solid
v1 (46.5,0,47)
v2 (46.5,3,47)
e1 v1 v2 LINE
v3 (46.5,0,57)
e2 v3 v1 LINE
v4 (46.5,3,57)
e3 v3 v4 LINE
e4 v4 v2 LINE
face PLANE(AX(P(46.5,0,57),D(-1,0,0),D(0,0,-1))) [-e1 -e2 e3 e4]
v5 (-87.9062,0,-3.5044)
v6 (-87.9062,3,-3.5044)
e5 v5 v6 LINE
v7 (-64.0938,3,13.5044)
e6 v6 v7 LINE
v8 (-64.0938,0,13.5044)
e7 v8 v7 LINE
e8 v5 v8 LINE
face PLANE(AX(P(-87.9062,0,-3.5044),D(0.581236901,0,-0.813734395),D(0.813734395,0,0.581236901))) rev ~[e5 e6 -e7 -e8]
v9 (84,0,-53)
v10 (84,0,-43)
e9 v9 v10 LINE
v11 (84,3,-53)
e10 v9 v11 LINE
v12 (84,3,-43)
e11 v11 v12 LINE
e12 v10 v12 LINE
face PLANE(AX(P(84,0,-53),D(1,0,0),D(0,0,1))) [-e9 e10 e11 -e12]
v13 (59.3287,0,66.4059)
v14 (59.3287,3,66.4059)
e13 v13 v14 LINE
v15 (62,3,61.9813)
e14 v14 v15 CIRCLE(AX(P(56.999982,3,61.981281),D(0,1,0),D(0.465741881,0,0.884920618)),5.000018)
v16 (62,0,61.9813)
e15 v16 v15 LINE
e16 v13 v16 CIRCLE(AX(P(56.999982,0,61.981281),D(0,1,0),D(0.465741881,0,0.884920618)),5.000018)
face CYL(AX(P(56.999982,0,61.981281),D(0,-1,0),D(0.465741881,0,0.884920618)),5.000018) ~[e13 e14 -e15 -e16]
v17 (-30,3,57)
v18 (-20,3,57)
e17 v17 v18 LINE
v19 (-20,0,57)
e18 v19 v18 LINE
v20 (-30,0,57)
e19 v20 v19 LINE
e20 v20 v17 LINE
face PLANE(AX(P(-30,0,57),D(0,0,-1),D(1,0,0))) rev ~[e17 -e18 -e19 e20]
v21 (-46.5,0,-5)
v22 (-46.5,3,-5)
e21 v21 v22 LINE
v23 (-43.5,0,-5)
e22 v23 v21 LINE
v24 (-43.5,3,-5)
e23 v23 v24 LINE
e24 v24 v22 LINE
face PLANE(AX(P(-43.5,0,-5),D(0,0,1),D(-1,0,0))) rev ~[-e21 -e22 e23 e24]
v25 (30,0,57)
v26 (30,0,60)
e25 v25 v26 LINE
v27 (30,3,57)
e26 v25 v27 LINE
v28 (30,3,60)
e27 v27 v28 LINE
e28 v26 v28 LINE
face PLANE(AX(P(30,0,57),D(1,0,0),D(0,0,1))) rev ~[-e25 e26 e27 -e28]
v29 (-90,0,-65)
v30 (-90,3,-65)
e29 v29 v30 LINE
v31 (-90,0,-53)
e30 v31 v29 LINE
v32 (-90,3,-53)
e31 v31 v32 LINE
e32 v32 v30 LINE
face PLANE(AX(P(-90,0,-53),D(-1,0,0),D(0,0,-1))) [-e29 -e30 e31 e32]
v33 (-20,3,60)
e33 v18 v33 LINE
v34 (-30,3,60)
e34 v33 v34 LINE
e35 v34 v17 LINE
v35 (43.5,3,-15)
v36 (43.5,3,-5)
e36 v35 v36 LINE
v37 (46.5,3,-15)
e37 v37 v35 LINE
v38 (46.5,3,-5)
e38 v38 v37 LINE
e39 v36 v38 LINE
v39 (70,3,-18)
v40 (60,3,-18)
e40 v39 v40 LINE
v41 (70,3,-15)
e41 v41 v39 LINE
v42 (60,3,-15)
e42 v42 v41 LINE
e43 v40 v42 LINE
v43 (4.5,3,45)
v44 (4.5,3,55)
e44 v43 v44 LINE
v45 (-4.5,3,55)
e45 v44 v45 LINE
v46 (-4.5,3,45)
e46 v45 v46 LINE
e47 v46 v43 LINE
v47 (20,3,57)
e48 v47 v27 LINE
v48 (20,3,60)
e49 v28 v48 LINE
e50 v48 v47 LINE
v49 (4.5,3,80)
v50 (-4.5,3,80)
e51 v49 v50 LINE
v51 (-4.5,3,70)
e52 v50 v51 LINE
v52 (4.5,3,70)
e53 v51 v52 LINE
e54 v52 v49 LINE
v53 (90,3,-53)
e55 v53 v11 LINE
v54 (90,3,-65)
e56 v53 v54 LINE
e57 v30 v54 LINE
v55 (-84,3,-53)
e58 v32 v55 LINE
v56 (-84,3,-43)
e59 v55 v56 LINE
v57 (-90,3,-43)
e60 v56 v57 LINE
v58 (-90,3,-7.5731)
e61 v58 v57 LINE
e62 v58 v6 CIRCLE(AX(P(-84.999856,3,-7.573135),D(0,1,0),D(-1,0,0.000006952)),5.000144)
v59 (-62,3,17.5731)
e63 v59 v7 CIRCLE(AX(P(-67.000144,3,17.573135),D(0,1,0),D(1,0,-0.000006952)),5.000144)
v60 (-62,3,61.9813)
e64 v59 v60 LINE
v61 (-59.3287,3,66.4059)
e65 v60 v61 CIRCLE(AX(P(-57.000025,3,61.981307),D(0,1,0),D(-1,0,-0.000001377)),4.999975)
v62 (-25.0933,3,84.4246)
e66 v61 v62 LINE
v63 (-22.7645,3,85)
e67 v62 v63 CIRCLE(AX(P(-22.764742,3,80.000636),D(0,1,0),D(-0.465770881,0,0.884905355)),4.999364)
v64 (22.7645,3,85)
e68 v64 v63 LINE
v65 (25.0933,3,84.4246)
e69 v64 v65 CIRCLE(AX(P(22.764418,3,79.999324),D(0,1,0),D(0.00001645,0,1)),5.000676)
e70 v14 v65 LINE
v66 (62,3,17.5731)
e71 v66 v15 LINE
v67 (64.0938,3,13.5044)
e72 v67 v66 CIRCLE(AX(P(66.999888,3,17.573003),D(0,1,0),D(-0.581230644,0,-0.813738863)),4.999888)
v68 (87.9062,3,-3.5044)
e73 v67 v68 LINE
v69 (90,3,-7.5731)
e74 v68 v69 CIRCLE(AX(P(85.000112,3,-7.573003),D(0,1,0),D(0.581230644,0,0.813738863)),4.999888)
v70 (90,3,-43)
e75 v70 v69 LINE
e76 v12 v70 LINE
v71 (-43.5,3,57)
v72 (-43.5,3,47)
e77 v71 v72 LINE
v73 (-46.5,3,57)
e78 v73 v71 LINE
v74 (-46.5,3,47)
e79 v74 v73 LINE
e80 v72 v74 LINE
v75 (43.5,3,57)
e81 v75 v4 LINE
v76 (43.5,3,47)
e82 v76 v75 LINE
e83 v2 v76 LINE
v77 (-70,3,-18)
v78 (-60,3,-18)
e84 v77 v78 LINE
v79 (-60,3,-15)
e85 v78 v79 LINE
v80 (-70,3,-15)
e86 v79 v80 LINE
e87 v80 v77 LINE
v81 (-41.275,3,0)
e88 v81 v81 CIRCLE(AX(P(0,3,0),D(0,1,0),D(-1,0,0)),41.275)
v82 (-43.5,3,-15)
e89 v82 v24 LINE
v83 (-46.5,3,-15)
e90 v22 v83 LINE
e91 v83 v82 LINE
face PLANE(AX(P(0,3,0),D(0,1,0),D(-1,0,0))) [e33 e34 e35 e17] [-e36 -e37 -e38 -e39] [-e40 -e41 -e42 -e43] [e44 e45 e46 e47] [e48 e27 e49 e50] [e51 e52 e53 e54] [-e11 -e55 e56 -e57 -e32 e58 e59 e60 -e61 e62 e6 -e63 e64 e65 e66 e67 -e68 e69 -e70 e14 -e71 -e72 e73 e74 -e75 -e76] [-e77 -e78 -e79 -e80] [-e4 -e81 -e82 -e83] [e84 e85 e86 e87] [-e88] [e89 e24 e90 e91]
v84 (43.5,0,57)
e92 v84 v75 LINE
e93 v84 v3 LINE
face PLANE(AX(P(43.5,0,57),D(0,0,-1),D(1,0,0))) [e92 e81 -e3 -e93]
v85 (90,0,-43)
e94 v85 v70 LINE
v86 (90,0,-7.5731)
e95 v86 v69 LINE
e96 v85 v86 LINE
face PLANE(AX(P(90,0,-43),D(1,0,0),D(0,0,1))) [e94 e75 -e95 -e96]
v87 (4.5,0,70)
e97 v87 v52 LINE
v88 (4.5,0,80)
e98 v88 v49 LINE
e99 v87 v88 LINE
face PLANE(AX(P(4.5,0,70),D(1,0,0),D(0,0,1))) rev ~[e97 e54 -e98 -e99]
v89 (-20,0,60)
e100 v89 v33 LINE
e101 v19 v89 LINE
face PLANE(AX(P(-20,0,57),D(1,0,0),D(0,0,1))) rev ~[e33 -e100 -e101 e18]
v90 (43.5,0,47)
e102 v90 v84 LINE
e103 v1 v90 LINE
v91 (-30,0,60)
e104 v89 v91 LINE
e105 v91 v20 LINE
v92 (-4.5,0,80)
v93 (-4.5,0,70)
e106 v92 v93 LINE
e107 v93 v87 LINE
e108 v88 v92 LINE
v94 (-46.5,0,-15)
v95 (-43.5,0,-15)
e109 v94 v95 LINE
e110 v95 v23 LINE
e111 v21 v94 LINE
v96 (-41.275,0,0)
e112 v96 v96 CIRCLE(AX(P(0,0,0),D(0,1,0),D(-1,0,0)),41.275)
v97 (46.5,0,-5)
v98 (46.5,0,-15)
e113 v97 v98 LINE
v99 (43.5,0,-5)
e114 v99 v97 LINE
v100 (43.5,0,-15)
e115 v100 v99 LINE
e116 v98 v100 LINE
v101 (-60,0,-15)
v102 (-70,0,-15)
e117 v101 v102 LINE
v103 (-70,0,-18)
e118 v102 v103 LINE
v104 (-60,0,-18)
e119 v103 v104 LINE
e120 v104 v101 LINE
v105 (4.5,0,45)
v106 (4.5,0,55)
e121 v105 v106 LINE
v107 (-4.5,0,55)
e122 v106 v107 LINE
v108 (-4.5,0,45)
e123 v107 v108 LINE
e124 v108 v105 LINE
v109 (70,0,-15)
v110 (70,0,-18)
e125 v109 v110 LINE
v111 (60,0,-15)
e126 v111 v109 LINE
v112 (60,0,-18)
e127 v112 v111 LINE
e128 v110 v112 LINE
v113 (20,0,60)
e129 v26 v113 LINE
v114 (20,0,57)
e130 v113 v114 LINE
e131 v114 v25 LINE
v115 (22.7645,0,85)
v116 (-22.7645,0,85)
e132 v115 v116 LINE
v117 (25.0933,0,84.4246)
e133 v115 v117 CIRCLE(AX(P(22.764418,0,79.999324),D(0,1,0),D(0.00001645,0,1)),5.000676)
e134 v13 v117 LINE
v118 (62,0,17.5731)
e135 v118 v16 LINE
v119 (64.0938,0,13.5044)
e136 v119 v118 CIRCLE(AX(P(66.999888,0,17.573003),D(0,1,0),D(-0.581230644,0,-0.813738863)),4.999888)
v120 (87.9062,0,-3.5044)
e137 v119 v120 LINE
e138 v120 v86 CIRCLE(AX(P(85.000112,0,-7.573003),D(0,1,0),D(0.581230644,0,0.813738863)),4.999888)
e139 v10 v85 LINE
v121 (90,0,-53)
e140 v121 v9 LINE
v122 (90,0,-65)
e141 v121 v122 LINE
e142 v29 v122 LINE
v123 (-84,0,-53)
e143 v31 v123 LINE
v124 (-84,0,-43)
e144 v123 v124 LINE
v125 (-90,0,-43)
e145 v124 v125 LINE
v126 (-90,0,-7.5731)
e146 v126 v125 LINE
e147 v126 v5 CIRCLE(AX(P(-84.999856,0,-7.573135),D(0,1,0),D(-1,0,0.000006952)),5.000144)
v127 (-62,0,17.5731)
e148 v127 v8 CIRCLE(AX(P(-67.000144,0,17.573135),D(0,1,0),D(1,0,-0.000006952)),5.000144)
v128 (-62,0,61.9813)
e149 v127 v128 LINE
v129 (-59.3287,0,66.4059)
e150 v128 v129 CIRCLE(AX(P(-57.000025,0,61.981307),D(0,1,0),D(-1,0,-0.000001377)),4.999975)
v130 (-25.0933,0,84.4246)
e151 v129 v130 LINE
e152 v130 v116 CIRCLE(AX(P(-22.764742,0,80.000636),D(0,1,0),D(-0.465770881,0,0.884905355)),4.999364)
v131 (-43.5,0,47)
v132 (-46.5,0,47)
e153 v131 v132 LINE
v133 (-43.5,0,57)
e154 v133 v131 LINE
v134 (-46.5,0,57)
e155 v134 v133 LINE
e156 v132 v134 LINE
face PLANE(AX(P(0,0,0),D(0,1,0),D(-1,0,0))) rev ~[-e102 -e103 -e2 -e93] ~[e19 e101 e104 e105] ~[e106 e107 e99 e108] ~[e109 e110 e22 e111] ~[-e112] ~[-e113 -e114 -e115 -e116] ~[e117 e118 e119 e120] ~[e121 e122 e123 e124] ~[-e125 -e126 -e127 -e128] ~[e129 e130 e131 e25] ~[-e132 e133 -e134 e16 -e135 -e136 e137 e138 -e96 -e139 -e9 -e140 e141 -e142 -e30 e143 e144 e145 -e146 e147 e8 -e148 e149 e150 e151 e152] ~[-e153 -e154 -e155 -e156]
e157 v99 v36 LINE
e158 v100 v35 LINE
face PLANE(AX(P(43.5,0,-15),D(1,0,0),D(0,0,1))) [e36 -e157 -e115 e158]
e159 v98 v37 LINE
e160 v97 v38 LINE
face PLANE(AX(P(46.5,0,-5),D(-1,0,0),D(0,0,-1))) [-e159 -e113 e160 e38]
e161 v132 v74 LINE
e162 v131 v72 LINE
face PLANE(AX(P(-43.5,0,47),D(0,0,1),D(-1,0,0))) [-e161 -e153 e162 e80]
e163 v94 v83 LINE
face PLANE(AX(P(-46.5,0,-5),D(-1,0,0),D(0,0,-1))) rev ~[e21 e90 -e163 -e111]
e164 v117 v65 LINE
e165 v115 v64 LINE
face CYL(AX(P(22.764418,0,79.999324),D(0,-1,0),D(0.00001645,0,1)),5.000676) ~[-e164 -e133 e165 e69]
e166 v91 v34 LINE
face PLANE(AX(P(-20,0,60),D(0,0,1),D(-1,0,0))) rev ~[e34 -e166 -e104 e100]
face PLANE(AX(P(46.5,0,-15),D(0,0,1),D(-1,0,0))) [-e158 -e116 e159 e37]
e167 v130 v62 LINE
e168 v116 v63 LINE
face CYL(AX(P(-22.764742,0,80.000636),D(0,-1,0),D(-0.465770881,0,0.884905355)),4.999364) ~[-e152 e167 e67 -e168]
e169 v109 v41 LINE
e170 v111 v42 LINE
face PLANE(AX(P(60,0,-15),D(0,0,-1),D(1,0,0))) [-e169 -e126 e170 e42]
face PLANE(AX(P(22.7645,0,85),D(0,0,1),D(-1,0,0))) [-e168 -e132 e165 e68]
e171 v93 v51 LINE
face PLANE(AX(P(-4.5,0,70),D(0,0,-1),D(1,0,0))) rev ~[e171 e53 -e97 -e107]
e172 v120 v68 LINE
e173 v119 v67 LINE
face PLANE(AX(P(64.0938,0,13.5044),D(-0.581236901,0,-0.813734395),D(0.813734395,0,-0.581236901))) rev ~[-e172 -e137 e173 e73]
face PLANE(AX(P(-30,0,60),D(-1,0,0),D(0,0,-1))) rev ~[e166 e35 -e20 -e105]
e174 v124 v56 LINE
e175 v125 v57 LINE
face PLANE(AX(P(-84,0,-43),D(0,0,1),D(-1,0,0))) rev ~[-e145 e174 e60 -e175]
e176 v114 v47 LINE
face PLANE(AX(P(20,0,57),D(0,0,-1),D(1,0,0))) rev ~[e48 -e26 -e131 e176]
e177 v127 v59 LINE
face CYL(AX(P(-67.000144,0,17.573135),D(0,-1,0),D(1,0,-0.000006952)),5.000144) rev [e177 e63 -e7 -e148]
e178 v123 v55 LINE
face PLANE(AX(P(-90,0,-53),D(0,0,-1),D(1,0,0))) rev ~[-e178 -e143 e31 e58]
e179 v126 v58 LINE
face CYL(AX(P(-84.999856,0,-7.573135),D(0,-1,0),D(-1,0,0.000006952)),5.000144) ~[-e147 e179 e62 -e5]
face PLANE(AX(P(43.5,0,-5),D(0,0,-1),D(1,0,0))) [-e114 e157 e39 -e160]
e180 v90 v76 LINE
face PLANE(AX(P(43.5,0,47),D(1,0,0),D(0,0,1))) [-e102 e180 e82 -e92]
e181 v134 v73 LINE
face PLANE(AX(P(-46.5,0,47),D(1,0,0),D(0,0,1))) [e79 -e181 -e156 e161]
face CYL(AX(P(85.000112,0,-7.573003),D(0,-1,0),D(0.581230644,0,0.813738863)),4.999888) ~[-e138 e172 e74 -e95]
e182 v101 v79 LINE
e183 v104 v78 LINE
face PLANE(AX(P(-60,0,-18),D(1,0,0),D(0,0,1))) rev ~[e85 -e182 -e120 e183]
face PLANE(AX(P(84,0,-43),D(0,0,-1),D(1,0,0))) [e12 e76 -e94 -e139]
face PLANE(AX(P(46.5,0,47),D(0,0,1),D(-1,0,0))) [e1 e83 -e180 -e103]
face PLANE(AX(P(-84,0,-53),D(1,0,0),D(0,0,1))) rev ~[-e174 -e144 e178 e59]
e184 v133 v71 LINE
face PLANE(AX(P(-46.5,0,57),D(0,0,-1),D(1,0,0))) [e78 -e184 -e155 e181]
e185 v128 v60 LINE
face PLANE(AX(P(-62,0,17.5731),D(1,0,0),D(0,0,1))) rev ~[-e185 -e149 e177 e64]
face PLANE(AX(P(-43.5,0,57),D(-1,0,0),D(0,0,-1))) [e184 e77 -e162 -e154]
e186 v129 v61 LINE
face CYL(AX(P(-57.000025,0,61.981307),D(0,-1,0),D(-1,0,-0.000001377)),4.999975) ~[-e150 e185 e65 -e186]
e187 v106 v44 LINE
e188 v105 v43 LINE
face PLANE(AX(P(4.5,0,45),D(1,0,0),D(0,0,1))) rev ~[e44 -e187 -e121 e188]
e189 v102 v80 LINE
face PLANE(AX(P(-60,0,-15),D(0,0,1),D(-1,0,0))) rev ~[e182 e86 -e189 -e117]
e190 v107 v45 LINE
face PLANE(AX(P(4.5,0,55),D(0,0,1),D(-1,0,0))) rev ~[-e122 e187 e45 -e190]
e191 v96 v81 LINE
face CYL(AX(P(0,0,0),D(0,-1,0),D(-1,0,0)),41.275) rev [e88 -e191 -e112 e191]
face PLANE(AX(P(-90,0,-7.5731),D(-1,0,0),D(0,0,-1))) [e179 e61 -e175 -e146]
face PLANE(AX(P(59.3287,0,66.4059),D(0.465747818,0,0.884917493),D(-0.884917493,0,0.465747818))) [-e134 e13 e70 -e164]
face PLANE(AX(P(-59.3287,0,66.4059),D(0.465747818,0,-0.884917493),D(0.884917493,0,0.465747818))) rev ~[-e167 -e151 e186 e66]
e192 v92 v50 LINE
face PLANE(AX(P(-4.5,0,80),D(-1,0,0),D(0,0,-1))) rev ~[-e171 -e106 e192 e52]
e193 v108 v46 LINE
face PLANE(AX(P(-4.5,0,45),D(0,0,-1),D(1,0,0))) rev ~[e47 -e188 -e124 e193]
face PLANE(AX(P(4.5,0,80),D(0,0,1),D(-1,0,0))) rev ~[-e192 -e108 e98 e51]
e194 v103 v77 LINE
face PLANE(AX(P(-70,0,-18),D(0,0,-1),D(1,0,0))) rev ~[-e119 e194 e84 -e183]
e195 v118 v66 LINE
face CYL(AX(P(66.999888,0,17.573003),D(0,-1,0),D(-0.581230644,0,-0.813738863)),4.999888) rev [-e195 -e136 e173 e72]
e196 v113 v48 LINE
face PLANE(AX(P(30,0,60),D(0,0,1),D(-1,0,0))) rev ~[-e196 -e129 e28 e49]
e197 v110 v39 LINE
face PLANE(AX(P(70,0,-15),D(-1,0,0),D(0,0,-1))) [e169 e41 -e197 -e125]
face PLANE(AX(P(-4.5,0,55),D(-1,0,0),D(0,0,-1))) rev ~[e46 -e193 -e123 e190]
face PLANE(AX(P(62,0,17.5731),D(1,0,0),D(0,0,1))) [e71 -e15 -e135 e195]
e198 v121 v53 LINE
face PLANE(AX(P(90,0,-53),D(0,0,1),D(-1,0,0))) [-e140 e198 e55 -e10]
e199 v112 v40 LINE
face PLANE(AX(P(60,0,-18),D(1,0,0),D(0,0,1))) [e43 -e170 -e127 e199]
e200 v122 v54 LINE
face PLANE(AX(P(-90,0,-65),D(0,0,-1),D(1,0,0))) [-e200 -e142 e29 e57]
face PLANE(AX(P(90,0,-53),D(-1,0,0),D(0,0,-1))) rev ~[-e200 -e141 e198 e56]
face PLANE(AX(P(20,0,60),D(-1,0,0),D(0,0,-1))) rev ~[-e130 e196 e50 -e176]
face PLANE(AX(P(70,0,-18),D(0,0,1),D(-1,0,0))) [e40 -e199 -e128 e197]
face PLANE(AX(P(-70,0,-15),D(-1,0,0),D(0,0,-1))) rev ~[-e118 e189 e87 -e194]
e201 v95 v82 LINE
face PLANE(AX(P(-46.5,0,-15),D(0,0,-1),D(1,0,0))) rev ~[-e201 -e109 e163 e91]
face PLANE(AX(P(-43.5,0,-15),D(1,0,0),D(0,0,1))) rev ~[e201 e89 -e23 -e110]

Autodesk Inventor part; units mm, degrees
ref_plane "YZ Plane" through (0, 0, 0) normal (1, 0, 0) x (0, 1, 0)
ref_plane "XZ Plane" through (0, 0, 0) normal (0, 1, 0) x (-1, 0, 0)
ref_plane "XY Plane" through (0, 0, 0) normal (0, 0, 1) x (1, 0, 0)
sketch "Sketch2" plane through (0, 0, 0) normal (0, 1, 0) x (-1, 0, 0)
  line L0 (90, -53) -> (84, -53)
  line L1 (84, -53) -> (84, -43)
  line L2 (84, -43) -> (90, -43)
  line L3 (-90, -53) -> (-84, -53)
  line L4 (-84, -53) -> (-84, -43)
  line L5 (-84, -43) -> (-90, -43)
  line L6 (70, -18) -> (60, -18)
  line L7 (60, -18) -> (60, -15)
  line L8 (60, -15) -> (70, -15)
  line L9 (70, -15) -> (70, -18)
  line L10 (-70, -18) -> (-60, -18)
  line L11 (-60, -18) -> (-60, -15)
  line L12 (-60, -15) -> (-70, -15)
  line L13 (-70, -15) -> (-70, -18)
  circle A0 centre (0, 0) radius 41.275
  line L14 (46.5, -15) -> (43.5, -15)
  line L15 (43.5, -15) -> (43.5, -5)
  line L16 (43.5, -5) -> (46.5, -5)
  line L17 (46.5, -5) -> (46.5, -15)
  line L18 (-46.5, -15) -> (-43.5, -15)
  line L19 (-43.5, -15) -> (-43.5, -5)
  line L20 (-43.5, -5) -> (-46.5, -5)
  line L21 (-46.5, -5) -> (-46.5, -15)
  line L22 (43.5, 57) -> (43.5, 47)
  line L23 (43.5, 47) -> (46.5, 47)
  line L24 (46.5, 47) -> (46.5, 57)
  line L25 (-46.5, 47) -> (-43.5, 47)
  line L26 (-43.5, 47) -> (-43.5, 57)
  line L27 (-46.5, 57) -> (-46.5, 47)
  line L28 (-22.7645, 85) -> (22.7645, 85)
  line L29 (46.5, 57) -> (43.5, 57)
  line L30 (-43.5, 57) -> (-46.5, 57)
  line L31 (30, 57) -> (20, 57)
  line L32 (20, 57) -> (20, 60)
  line L33 (20, 60) -> (30, 60)
  line L34 (30, 60) -> (30, 57)
  line L35 (-20, 57) -> (-30, 57)
  line L36 (-30, 57) -> (-30, 60)
  line L37 (-30, 60) -> (-20, 60)
  line L38 (-20, 60) -> (-20, 57)
  line L39 (4.5, 70) -> (-4.5, 70)
  line L40 (-4.5, 70) -> (-4.5, 80)
  line L41 (-4.5, 80) -> (4.5, 80)
  line L42 (4.5, 80) -> (4.5, 70)
  line L43 (4.5, 45) -> (-4.5, 45)
  line L44 (-4.5, 45) -> (-4.5, 55)
  line L45 (-4.5, 55) -> (4.5, 55)
  line L46 (4.5, 55) -> (4.5, 45)
  line L47 (-90, -43) -> (-90, -7.5731)
  line L48 (90, -7.5731) -> (90, -43)
  line L49 (90, -53) -> (90, -65)
  line L50 (-90, -53) -> (-90, -65)
  line L51 (90, -65) -> (-90, -65)
  line L52 (-62, 17.5731) -> (-62, 61.9813)
  line L53 (-59.3287, 66.4059) -> (-25.0933, 84.4246)
  line L54 (-64.0938, 13.5044) -> (-87.9062, -3.5044)
  line L55 (87.9062, -3.5044) -> (64.0938, 13.5044)
  line L56 (62, 17.5731) -> (62, 61.9813)
  line L57 (59.3287, 66.4059) -> (25.0933, 84.4246)
  arc A1 (-87.9062, -3.5044) -> (-90, -7.5731) centre (-85, -7.5731) ccw
  arc A2 (-64.0938, 13.5044) -> (-62, 17.5731) centre (-67, 17.5731) ccw
  arc A3 (-59.3287, 66.4059) -> (-62, 61.9813) centre (-57, 61.9813) ccw
  arc A4 (-22.7645, 85) -> (-25.0933, 84.4246) centre (-22.7645, 80) ccw
  arc A5 (25.0933, 84.4246) -> (22.7645, 85) centre (22.7645, 80) ccw
  arc A6 (62, 61.9813) -> (59.3287, 66.4059) centre (57, 61.9813) ccw
  arc A7 (62, 17.5731) -> (64.0938, 13.5044) centre (67, 17.5731) ccw
  arc A8 (90, -7.5731) -> (87.9062, -3.5044) centre (85, -7.5731) ccw
  point P0 (-62, 15)
  point P1 (-62, 65)
  point P2 (0, 0)
  point P3 (-24, 85)
  point P4 (-90, -5)
  point P5 (62, 15)
  point P6 (62, 65)
  point P7 (90, -5)
  point P8 (24, 85)
  dimension "d21" = 6
  dimension "d22" = 10
  dimension "d25" = 6
  dimension "d26" = 10
  dimension "d31" = 3
  dimension "d32" = 10
  dimension "d35" = 3
  dimension "d36" = 10
  dimension "d39" = 25
  dimension "d40" = 25
  dimension "d43" = 82.55
  dimension "d52" = 3
  dimension "d53" = 10
  dimension "d54" = 10
  dimension "d55" = 3
  dimension "d58" = 10
  dimension "d59" = 3
  dimension "d62" = 3
  dimension "d65" = 180
  dimension "d90" = 90
  dimension "d91" = 90
  dimension "d103" = 10
  dimension "d104" = 10
  dimension "d108" = 3
  dimension "d109" = 10
  dimension "d110" = 20
  dimension "d111" = 3
  dimension "d112" = 10
  dimension "d113" = 20
  dimension "d114" = 5
  dimension "d115" = 10
  dimension "d116" = 9
  dimension "d117" = 4.5
  dimension "d118" = 10
  dimension "d119" = 9
  dimension "d120" = 15
  dimension "d121" = 4.5
  dimension "d127" = 180
  dimension "d128" = 150
  dimension "d130" = 85.5
  dimension "d131" = 43.5
  dimension "d132" = 43.5
  dimension "d133" = 60
  dimension "d134" = 60
  dimension "d135" = 43.5
  dimension "d136" = 43.5
  dimension "d137" = 90
  dimension "d138" = 28
  dimension "d140" = 47
  dimension "d141" = 47
  dimension "d144" = 60
  dimension "d145" = 20
  dimension "d147" = 65
  dimension "d149" = 50
  dimension "d151" = 10
  dimension "d152" = 60
  dimension "d153" = 20
  dimension "d154" = 50
  dimension "d155" = 62
  dimension "d156" = 62
  dimension "d157" = 62
  dimension "d158" = 57
  dimension "d159" = 57
  dimension "d160" = 3
extrude "Extrusion6" add sketch "Sketch2" along normal blind 3
properties part number "Top Plate 25090213"
